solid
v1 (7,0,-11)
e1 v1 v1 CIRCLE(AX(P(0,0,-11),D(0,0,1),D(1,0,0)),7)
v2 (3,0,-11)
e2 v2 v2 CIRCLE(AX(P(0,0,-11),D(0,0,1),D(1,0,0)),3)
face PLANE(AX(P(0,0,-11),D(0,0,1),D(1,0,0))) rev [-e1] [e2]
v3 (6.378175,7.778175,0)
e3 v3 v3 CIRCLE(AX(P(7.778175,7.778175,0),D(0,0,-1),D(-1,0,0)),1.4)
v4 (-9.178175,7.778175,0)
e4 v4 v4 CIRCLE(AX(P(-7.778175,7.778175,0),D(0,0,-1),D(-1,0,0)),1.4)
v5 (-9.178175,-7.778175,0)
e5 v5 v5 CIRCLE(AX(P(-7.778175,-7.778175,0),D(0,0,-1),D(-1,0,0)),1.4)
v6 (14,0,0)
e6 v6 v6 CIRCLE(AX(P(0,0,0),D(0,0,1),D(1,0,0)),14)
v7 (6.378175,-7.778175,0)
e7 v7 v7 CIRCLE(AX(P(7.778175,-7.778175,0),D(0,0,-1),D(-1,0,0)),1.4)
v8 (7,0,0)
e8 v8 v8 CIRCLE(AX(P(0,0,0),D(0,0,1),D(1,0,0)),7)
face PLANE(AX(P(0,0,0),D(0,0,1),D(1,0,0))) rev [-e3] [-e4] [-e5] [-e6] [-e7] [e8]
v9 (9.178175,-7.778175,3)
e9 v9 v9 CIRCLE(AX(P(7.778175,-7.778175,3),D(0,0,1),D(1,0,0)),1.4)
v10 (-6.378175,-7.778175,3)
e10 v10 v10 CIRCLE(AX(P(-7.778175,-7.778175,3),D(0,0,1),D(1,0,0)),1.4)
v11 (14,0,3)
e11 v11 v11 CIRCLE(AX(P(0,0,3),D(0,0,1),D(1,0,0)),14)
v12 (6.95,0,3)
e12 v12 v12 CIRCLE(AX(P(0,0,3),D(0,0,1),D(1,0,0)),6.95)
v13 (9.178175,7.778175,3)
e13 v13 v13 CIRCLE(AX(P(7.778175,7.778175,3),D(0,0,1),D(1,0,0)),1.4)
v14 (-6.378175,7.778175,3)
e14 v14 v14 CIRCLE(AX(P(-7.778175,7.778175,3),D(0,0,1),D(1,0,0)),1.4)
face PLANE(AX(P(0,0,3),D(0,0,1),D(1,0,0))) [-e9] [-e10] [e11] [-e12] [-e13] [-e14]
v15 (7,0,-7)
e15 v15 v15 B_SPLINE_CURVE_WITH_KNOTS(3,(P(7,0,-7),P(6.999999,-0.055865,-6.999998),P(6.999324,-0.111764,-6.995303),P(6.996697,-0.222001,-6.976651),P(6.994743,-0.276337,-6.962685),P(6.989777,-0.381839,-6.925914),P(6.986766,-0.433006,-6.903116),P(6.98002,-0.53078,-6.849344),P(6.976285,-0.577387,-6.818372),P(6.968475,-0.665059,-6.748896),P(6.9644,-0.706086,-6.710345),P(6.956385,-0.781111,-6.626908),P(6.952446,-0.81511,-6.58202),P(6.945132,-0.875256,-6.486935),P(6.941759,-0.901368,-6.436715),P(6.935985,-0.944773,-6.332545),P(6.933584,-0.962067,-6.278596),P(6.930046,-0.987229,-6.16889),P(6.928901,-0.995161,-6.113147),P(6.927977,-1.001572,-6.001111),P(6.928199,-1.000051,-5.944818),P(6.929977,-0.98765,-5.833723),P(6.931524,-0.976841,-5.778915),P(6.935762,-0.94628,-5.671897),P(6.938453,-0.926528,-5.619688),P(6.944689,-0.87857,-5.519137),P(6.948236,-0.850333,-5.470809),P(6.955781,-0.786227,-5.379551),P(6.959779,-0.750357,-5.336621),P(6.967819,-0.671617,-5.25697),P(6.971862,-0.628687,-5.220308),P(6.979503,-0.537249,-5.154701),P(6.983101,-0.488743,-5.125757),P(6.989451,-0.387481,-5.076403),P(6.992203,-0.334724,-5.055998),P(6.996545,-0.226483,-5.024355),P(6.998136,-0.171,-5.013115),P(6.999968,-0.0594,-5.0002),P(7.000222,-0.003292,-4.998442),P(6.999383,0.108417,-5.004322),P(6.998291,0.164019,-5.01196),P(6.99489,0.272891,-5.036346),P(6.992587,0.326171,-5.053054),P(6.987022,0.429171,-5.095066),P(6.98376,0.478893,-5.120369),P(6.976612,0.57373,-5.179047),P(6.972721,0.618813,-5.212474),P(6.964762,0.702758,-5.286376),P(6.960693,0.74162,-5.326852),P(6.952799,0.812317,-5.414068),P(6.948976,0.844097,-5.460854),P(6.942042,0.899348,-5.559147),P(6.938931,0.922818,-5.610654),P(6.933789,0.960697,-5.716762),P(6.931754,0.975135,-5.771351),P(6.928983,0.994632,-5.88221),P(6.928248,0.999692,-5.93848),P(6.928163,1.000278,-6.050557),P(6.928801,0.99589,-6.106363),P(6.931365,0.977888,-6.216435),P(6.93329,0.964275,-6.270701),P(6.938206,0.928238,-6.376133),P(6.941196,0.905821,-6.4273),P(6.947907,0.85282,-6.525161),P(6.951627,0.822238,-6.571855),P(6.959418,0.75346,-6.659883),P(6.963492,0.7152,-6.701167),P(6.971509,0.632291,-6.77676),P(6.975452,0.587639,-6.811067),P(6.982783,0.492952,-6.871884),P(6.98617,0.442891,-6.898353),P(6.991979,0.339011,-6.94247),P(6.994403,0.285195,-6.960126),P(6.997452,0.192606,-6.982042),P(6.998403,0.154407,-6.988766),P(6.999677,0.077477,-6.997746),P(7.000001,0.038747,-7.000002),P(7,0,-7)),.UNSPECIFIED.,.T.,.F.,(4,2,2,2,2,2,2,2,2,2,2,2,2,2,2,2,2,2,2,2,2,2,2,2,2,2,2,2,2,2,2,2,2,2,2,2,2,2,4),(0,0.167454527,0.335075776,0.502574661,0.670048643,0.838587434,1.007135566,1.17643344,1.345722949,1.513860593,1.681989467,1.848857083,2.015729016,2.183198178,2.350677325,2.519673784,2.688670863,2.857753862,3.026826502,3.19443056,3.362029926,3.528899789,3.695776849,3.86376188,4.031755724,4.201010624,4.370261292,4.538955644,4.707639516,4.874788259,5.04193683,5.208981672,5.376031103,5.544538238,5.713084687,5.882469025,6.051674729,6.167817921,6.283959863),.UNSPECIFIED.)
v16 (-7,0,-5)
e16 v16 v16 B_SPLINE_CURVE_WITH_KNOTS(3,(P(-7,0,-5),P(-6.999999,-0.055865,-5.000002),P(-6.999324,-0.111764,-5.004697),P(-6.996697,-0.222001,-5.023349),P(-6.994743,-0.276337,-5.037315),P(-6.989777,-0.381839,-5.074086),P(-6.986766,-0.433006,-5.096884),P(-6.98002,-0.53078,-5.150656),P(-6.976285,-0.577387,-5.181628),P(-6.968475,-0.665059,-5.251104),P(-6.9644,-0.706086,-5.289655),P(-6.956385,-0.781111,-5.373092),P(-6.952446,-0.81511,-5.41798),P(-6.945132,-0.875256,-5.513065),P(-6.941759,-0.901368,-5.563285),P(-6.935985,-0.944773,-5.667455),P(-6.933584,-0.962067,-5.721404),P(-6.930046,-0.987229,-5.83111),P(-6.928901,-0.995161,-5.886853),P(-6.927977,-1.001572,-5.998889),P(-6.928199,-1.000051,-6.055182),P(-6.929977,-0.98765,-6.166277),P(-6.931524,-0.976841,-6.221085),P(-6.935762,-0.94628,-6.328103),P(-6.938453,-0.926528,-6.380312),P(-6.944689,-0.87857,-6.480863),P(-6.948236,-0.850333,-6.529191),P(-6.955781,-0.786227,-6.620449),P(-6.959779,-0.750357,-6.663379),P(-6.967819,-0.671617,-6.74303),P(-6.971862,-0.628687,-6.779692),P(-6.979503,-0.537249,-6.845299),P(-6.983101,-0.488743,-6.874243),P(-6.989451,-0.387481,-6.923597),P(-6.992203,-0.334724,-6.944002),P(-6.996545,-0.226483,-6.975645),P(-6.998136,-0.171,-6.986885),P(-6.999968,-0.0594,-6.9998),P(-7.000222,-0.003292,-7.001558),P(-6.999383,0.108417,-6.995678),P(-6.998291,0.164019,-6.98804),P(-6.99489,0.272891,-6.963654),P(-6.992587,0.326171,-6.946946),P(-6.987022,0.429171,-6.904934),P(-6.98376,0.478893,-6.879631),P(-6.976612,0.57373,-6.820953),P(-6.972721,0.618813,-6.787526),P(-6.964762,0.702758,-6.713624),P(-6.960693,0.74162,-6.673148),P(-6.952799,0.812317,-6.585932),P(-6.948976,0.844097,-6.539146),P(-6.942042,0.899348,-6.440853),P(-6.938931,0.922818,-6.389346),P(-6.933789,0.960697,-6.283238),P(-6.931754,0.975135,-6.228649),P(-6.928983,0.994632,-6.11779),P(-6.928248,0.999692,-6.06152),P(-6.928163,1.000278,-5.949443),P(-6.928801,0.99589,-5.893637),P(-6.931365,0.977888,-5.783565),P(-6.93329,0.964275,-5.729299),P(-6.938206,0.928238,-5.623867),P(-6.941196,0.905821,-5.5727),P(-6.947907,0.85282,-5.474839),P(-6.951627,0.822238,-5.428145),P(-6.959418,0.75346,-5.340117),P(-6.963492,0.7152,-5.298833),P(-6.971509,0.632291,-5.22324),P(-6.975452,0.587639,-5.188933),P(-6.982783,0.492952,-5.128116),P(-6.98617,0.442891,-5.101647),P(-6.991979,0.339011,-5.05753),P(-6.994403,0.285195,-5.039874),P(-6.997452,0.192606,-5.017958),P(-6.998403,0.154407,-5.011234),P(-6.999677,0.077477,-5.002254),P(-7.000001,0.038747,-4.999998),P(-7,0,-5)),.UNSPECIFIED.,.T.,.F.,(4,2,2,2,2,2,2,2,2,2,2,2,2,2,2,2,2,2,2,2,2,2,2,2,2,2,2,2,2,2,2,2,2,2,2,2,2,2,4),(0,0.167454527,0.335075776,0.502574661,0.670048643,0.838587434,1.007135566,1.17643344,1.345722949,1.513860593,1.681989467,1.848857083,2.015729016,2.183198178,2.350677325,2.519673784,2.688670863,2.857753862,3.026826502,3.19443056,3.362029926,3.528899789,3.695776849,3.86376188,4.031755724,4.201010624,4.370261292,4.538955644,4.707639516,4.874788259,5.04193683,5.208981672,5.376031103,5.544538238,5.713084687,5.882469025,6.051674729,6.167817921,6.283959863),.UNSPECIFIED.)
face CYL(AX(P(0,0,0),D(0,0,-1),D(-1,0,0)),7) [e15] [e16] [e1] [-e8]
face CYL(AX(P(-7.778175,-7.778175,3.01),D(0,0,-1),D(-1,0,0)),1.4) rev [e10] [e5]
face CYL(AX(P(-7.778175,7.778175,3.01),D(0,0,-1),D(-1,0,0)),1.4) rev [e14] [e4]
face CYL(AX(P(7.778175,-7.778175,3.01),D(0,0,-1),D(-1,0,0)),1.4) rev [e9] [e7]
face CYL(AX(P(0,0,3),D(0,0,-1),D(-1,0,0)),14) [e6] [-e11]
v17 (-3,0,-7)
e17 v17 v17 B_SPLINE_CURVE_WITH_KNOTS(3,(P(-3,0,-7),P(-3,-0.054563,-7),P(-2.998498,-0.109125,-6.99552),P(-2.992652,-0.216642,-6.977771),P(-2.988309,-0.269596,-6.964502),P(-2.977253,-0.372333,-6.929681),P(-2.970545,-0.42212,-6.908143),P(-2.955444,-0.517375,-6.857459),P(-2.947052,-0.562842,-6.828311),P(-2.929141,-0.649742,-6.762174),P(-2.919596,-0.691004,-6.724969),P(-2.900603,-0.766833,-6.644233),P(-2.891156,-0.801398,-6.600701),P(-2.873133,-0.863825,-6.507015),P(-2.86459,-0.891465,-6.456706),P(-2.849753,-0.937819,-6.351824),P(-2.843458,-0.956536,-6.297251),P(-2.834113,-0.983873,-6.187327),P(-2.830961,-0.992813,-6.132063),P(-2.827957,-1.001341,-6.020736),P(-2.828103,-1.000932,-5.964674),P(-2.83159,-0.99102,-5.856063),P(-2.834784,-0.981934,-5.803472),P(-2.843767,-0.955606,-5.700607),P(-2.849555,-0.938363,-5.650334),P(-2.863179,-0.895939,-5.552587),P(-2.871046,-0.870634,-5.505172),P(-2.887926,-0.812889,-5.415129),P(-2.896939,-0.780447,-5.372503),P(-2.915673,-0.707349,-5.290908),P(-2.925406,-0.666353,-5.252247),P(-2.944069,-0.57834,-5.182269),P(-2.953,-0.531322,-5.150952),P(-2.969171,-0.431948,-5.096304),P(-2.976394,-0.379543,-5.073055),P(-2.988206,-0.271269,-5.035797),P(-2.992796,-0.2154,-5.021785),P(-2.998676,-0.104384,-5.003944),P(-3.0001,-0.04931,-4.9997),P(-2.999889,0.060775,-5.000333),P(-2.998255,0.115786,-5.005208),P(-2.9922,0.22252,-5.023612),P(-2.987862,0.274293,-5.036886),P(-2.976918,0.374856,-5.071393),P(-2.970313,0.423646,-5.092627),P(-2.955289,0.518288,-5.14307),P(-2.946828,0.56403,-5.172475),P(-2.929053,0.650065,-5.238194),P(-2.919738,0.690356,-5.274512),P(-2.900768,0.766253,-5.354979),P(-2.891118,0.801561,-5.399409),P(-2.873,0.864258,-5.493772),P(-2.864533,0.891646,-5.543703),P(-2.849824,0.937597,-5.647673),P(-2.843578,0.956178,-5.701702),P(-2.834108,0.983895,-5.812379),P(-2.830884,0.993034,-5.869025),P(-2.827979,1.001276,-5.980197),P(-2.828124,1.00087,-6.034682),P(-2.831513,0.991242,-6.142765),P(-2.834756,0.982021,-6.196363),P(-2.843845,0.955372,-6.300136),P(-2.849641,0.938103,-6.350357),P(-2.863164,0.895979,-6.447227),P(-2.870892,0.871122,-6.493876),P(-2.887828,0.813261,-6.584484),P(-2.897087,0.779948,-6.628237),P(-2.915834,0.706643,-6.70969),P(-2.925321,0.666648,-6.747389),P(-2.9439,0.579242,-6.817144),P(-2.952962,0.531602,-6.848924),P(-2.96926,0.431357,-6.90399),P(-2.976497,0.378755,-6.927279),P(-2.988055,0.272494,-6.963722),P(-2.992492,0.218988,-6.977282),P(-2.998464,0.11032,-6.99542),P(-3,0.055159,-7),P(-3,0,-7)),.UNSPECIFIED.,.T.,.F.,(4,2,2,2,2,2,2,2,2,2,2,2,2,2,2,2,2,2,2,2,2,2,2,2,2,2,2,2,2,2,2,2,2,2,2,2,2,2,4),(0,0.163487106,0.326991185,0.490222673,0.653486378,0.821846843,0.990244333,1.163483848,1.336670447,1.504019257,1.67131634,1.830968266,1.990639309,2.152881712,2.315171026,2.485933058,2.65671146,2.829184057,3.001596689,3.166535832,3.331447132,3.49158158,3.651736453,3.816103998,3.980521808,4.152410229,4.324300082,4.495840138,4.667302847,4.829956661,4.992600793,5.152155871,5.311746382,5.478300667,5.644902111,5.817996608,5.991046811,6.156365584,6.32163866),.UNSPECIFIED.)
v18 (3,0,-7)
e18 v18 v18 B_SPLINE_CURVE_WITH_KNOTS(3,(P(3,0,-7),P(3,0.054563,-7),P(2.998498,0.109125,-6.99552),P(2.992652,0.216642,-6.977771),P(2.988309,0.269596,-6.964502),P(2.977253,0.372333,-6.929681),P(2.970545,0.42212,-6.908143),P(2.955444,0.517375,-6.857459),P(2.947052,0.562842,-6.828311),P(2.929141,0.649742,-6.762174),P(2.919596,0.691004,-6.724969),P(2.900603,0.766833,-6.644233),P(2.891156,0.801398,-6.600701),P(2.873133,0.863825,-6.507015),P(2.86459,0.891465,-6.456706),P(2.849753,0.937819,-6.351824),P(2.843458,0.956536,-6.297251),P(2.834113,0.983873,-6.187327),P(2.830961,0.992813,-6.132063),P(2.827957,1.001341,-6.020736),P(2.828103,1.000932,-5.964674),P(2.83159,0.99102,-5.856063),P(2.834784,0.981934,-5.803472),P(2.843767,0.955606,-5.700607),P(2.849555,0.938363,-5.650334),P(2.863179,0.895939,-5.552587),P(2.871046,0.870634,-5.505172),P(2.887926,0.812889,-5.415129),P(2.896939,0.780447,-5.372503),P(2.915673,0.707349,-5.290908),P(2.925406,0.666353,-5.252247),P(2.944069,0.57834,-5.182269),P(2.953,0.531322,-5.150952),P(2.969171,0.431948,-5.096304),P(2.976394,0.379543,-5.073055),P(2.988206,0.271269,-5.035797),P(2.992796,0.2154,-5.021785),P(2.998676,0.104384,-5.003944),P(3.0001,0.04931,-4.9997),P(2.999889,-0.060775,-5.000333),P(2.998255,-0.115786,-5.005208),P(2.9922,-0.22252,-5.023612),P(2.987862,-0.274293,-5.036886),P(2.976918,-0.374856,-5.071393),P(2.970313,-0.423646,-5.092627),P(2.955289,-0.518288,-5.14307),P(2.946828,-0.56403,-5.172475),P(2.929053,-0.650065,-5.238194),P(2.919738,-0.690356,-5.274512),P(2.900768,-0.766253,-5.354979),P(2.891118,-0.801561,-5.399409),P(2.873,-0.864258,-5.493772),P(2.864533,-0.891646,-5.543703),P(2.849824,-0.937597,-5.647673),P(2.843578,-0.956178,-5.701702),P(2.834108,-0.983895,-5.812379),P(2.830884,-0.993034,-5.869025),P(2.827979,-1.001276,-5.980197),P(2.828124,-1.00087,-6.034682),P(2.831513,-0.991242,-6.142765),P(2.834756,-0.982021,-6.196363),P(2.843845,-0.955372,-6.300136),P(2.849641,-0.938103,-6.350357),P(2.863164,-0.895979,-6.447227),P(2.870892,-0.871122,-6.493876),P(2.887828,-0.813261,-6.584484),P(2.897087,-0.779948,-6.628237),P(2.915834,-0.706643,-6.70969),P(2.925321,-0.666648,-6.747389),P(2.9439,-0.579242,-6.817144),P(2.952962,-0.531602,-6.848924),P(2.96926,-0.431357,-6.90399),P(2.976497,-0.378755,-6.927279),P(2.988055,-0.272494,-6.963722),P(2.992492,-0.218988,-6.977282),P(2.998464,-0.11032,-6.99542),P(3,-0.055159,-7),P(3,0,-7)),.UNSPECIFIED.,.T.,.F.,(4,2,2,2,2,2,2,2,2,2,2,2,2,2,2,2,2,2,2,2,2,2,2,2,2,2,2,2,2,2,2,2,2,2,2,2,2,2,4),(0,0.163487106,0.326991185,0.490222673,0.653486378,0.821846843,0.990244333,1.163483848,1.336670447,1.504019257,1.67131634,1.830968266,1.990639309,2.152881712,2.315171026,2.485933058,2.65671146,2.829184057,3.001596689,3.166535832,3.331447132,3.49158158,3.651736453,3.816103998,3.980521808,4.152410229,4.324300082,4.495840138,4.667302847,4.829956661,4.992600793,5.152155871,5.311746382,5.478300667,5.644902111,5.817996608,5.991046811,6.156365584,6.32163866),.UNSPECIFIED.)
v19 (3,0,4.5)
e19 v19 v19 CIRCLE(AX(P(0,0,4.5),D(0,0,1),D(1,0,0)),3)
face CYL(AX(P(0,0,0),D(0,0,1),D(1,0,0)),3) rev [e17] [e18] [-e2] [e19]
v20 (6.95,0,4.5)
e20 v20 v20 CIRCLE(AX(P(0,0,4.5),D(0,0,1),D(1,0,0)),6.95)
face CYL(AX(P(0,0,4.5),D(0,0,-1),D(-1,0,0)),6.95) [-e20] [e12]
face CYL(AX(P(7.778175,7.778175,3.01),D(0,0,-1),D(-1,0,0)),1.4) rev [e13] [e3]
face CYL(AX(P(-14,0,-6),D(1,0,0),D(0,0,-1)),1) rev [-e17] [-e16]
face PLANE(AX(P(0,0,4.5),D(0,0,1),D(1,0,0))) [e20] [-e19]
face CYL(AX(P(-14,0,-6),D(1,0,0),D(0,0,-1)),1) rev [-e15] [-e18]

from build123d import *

# Parameters (mm, degrees)
SKETCH1_R                            = 14
BOSS_EXTRUDE1_DEPTH                  = 3
SKETCH2_R                            = 6.95
BOSS_EXTRUDE2_DEPTH                  = 1.5
SKETCH3_R                            = 3
CUT_EXTRUDE1_DEPTH                   = 21.303940504
SKETCH4_R                            = 7
SKETCH4_R_2                          = 3
SHAFT_HUB_COLLAR_L11_DEPTH           = 11
SKETCH5_R                            = 1.4
FLANGE_FOUR_D2P8_PCD22_DEPTH         = 3.01
DIN1481_D2_CROSS_PIN_HOLE_DEPTH      = 23.649503306
DIN1481_D2_CROSS_PIN_HOLE_DEPTH_BACK = 23.649503306
SKETCH6_R                            = 1


with BuildPart() as part:
    # Sketch1 → Boss-Extrude1 (new body)
    with BuildSketch(Plane.XY):
        Circle(SKETCH1_R)
    extrude(amount=BOSS_EXTRUDE1_DEPTH)

    # Sketch2 → Boss-Extrude2 (add)
    with BuildSketch(Plane.XY.offset(3)):
        Circle(SKETCH2_R)
    extrude(amount=BOSS_EXTRUDE2_DEPTH)

    # Sketch3 → Cut-Extrude1 (cut, through all)
    with BuildSketch(Plane.XY.offset(4.5)):
        Circle(SKETCH3_R)
    extrude(amount=-CUT_EXTRUDE1_DEPTH, mode=Mode.SUBTRACT)

    # Sketch4 → Shaft_Hub_Collar_L11 (add)
    with BuildSketch(Plane.XY):
        Circle(SKETCH4_R)
        Circle(SKETCH4_R_2, mode=Mode.SUBTRACT)
    extrude(amount=-SHAFT_HUB_COLLAR_L11_DEPTH)

    # Sketch5 → Flange_Four_D2p8_PCD22 (cut)
    with BuildSketch(Plane(origin=(0, 0, 0), x_dir=(-1, 0, 0), z_dir=(0, 0, -1))):
        with Locations((-7.778174593, 7.778174593)):
            Circle(SKETCH5_R)
        with Locations((7.778174593, 7.778174593)):
            Circle(SKETCH5_R)
        with Locations((7.778174593, -7.778174593)):
            Circle(SKETCH5_R)
        with Locations((-7.778174593, -7.778174593)):
            Circle(SKETCH5_R)
    extrude(amount=-FLANGE_FOUR_D2P8_PCD22_DEPTH, mode=Mode.SUBTRACT)

    # Sketch6 → DIN1481_D2_Cross_Pin_Hole (cut, two sides: drawn at the far end of the back side and taken through both)
    with BuildSketch(Plane(origin=(0, 0, 0), x_dir=(0, 0, -1), z_dir=(1, 0, 0)).offset(-DIN1481_D2_CROSS_PIN_HOLE_DEPTH_BACK)):
        with Locations((6, 0)):
            Circle(SKETCH6_R)
    extrude(amount=DIN1481_D2_CROSS_PIN_HOLE_DEPTH + DIN1481_D2_CROSS_PIN_HOLE_DEPTH_BACK, mode=Mode.SUBTRACT)


solid = part.part
